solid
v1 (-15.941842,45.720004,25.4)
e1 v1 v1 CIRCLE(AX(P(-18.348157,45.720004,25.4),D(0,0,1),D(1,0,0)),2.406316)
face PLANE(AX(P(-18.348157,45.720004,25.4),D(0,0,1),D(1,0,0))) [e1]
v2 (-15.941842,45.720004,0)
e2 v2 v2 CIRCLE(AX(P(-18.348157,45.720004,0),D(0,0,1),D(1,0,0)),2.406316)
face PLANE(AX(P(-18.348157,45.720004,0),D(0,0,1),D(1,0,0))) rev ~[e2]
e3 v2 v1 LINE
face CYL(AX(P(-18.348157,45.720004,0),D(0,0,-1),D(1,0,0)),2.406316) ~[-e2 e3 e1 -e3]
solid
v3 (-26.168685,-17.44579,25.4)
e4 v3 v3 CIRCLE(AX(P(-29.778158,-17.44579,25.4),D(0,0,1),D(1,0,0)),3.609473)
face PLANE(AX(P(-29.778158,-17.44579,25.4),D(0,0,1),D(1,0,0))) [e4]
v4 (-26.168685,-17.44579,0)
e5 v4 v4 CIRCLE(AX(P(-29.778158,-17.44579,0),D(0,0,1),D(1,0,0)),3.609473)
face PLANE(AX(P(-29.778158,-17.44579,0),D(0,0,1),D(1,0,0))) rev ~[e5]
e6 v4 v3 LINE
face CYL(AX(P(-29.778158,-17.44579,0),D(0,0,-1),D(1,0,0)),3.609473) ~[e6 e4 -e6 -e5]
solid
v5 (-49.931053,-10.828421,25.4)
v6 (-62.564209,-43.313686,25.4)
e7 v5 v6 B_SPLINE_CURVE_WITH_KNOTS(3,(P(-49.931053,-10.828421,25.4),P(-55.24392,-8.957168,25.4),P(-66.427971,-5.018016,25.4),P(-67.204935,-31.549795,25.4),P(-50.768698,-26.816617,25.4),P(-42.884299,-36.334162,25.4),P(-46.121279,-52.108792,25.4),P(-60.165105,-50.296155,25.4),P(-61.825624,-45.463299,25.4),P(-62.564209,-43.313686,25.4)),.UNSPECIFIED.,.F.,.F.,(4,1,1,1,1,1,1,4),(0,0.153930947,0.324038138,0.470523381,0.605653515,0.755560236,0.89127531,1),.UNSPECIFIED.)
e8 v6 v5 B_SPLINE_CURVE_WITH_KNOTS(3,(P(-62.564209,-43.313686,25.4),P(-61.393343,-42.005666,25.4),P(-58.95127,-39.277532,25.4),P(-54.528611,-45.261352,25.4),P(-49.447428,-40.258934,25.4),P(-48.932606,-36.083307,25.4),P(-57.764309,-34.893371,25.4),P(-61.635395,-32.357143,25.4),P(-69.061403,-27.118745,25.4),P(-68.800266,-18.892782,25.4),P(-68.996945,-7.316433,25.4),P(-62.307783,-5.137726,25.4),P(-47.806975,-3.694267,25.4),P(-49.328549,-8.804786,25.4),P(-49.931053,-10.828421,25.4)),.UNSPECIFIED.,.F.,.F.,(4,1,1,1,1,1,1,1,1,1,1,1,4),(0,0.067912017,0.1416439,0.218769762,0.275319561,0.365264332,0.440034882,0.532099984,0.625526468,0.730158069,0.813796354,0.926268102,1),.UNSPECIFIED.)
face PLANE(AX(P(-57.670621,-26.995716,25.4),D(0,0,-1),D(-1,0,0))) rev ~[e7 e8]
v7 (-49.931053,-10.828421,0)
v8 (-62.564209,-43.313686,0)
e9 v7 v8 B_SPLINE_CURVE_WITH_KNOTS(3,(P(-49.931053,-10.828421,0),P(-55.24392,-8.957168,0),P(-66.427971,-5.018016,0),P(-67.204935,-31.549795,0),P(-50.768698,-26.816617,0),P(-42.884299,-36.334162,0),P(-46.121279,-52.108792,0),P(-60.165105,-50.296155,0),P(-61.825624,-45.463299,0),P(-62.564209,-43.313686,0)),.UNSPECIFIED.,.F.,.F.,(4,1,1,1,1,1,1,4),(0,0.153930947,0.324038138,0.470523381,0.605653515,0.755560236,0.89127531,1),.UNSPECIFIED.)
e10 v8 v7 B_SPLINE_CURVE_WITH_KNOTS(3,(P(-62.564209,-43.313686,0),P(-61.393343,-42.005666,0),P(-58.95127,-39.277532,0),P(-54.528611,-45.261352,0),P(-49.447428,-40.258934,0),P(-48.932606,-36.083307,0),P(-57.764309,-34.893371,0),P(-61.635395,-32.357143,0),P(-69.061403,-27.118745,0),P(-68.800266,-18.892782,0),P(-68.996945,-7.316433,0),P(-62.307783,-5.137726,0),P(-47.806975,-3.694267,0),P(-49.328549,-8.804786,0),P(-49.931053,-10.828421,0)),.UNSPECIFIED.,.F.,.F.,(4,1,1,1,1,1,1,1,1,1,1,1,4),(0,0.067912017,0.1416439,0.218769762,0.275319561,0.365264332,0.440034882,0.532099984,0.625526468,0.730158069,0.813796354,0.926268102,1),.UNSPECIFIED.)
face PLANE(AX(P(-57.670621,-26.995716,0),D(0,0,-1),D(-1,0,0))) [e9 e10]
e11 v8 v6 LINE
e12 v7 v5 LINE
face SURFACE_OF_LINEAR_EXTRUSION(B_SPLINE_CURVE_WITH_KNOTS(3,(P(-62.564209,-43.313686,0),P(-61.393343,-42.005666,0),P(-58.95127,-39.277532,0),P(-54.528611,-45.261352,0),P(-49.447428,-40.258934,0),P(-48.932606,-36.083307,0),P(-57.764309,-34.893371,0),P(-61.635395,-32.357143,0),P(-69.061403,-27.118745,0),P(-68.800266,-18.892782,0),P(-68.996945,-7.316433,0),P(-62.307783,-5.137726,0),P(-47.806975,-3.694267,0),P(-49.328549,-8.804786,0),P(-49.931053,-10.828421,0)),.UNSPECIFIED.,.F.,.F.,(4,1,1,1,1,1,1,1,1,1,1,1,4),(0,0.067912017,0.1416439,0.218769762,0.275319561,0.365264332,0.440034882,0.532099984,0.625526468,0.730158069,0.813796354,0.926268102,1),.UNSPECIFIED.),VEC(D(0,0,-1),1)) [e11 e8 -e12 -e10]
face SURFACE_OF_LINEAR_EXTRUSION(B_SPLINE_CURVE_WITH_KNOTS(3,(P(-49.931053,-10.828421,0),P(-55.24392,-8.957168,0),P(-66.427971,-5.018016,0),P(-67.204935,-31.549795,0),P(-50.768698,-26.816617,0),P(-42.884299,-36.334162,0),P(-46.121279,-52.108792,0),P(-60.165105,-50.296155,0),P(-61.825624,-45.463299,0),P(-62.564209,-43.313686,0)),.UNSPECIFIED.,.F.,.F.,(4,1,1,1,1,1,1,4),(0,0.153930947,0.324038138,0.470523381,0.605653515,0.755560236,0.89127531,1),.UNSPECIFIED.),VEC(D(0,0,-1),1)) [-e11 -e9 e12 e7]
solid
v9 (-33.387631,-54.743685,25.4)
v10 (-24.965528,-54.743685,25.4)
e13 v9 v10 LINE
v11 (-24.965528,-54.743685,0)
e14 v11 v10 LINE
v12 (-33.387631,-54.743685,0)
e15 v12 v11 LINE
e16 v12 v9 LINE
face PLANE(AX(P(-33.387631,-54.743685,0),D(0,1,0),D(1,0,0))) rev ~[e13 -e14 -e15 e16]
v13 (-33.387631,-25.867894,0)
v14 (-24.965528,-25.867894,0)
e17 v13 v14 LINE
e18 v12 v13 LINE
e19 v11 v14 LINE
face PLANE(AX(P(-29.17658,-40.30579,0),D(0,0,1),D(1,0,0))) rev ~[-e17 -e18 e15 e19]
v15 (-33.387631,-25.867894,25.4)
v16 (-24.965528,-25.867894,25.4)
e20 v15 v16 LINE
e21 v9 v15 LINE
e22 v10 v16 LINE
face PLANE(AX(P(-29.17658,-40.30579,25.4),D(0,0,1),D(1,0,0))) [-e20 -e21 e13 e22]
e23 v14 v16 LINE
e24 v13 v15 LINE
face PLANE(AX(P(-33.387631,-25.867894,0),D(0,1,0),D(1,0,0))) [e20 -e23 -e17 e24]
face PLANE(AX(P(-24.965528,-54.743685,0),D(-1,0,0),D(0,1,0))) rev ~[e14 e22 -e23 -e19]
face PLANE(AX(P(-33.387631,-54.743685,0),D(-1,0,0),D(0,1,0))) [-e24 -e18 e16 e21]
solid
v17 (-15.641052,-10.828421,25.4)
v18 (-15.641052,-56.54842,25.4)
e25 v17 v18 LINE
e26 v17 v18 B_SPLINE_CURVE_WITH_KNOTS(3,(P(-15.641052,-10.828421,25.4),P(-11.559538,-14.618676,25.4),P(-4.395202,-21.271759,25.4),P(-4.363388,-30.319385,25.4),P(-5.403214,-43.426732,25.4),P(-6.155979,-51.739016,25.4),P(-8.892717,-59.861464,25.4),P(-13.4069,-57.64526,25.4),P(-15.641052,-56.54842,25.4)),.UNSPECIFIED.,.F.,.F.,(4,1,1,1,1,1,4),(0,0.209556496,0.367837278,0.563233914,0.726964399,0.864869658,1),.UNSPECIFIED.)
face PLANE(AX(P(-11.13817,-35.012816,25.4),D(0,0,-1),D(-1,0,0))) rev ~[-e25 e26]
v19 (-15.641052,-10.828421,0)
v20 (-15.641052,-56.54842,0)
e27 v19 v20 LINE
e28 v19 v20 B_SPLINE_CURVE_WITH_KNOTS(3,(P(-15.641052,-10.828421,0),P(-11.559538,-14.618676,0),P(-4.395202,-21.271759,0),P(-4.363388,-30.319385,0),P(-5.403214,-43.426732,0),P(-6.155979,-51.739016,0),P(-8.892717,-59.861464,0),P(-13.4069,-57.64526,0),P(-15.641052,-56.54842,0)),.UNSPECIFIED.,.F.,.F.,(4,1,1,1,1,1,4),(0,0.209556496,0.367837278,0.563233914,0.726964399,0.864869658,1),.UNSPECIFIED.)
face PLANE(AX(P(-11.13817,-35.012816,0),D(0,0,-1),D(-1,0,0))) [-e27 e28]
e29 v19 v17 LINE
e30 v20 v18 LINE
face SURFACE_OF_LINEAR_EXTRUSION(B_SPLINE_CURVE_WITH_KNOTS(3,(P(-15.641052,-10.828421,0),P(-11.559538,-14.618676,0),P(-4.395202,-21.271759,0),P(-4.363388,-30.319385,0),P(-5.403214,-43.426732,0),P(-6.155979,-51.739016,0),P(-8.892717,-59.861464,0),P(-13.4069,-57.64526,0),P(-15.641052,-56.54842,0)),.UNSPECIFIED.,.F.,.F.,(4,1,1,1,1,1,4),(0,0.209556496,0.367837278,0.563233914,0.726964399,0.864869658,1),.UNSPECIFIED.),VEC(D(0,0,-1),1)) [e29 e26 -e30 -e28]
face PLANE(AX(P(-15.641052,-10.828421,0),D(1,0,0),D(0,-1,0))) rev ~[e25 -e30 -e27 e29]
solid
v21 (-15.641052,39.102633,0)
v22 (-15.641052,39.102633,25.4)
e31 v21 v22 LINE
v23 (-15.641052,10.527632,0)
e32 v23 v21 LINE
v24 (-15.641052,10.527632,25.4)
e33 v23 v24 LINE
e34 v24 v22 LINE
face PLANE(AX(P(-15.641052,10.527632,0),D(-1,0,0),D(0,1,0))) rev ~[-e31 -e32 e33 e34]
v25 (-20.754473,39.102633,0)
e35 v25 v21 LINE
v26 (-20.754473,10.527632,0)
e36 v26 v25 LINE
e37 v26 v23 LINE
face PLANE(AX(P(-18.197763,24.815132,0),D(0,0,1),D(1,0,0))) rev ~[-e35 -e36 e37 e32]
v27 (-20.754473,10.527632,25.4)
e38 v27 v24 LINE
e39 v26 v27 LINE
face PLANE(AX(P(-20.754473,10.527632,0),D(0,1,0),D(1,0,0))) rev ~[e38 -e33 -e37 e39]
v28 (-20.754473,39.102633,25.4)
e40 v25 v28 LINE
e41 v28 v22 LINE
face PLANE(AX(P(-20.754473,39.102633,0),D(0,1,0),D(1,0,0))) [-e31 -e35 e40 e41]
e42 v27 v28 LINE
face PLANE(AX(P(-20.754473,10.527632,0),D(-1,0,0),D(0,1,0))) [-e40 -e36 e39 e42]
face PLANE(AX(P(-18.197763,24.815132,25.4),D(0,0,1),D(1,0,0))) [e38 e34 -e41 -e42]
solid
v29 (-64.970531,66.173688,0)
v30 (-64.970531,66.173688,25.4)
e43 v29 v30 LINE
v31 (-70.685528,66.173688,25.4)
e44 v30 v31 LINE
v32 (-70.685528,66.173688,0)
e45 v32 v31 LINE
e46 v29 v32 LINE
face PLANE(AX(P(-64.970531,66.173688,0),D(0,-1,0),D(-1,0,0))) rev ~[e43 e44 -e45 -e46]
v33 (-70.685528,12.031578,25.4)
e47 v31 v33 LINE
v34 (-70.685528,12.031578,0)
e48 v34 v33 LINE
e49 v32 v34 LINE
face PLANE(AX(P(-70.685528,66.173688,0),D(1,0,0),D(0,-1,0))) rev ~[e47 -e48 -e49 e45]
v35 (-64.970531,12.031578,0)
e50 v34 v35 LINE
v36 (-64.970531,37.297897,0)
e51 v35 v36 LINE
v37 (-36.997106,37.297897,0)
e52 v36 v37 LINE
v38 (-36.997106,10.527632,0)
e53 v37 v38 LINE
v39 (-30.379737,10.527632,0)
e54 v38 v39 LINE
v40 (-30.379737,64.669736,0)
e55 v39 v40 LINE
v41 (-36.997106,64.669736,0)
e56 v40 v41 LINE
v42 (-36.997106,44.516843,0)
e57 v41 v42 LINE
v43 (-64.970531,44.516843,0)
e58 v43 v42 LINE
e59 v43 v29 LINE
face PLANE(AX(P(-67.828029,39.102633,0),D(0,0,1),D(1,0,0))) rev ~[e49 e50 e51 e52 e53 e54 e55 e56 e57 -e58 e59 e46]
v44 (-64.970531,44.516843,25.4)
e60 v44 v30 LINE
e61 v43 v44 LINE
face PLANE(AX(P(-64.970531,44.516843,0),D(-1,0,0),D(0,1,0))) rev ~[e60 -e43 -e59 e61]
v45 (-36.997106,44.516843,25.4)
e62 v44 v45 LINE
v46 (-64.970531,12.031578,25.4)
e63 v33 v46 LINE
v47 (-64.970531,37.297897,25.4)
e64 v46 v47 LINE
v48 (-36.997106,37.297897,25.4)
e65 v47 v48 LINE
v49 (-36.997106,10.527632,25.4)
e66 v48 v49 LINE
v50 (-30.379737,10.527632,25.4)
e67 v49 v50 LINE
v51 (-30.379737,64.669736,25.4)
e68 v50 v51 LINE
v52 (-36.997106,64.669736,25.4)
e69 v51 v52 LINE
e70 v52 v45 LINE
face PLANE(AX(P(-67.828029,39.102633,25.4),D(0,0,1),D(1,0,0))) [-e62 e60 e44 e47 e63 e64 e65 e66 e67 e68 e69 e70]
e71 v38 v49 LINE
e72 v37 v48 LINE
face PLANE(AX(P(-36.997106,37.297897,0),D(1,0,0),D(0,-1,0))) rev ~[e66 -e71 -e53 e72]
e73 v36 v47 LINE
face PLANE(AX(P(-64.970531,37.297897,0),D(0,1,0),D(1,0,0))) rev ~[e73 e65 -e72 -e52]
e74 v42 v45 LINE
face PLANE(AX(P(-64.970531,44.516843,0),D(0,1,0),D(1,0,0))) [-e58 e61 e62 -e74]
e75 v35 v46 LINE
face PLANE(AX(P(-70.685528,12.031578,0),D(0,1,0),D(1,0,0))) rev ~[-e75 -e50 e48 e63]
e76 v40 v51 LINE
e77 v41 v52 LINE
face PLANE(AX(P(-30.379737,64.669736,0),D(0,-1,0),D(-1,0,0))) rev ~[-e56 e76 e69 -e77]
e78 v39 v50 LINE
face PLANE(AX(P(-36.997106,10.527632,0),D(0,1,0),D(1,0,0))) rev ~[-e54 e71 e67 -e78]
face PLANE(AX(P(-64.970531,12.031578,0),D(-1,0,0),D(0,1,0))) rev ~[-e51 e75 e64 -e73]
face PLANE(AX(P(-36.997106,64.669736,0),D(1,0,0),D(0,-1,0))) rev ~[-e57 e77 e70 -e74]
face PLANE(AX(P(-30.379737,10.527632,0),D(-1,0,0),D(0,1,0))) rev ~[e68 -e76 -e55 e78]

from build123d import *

# Parameters (mm, degrees)
F0_W     = 27.9734246433
F0_H     = 7.2189457715
F1_DEPTH = 25.4
F2_W     = 5.113421008
F2_H     = 28.5750003532
F3_DEPTH = 25.4
F2_R     = 2.406315878
F2_W_2   = 8.4221027792
F2_H_2   = 28.8757905364
F2_R_2   = 3.6094728857


with BuildPart() as f1:
    # F0 (on Top) → F1 (new body)
    with BuildSketch(Plane.XY):
        Polygon((-64.9705305696, 66.1736875772), (-70.6855282187, 66.1736875772), (-70.6855282187, 12.0315784588), (-64.9705305696, 12.0315784588), (-64.9705305696, 37.2978970408), (-64.9705305696, 44.5168428123), align=None)
        with Locations((-50.9838182479, 40.9073699266)):
            Rectangle(F0_W, F0_H)
        Polygon((-36.9971059263, 64.6697357297), (-36.9971059263, 44.5168428123), (-36.9971059263, 37.2978970408), (-36.9971059263, 10.5276321992), (-30.379736796, 10.5276321992), (-30.379736796, 64.6697357297), align=None)
    extrude(amount=F1_DEPTH)


with BuildPart() as f3:
    # F2 (on Top) → F3 (new body)
    with BuildSketch(Plane.XY):
        with Locations((-18.1977627799, 24.8151323758)):
            Rectangle(F2_W, F2_H)
    extrude(amount=F3_DEPTH)


with BuildPart() as f3b:
    # F2 (on Top) → F3, piece 2 (new body)
    with BuildSketch(Plane.XY):
        with Locations((-18.3481574059, 45.7200035453)):
            Circle(F2_R)
    extrude(amount=F3_DEPTH)


with BuildPart() as f3c:
    # F2 (on Top) → F3, piece 3 (new body)
    with BuildSketch(Plane.XY):
        with BuildLine():
            add(Edge.make_bspline(
                [(-49.9310530722, -10.8284214512), (-55.2439201499, -8.9571682182), (-66.4279710862, -5.0180161247), (-67.2049345546, -31.5497947234), (-50.7686982369, -26.8166171956), (-42.8842988312, -36.3341619068), (-46.1212790245, -52.1087916759), (-60.165105182, -50.2961550036), (-61.8256244969, -45.4632985081), (-62.5642091036, -43.3136858046)],
                knots=[0, 0, 0, 0, 0.1539309472, 0.3240381377, 0.4705233809, 0.6056535146, 0.7555602361, 0.8912753105, 1, 1, 1, 1], degree=3))
            add(Edge.make_bspline(
                [(-62.5642091036, -43.3136858046), (-61.3933428315, -42.0056657763), (-58.9512703879, -39.2775321346), (-54.528611117, -45.2613521139), (-49.447427763, -40.2589336981), (-48.9326062397, -36.0833071072), (-57.7643091975, -34.8933711332), (-61.6353950058, -32.3571433154), (-69.0614033915, -27.1187454297), (-68.8002663112, -18.8927819027), (-68.9969447109, -7.3164334513), (-62.3077833164, -5.1377264264), (-47.8069751626, -3.6942665027), (-49.3285487236, -8.8047859901), (-49.9310530722, -10.8284214512)],
                knots=[0, 0, 0, 0, 0.0679120167, 0.1416438995, 0.2187697623, 0.2753195609, 0.3652643321, 0.4400348823, 0.5320999836, 0.6255264682, 0.7301580695, 0.8137963543, 0.9262681022, 1, 1, 1, 1], degree=3))
        make_face()
    extrude(amount=F3_DEPTH)


with BuildPart() as f3d:
    # F2 (on Top) → F3, piece 4 (new body)
    with BuildSketch(Plane.XY):
        with Locations((-29.1765797883, -40.3057895601)):
            Rectangle(F2_W_2, F2_H_2)
    extrude(amount=F3_DEPTH)


with BuildPart() as f3e:
    # F2 (on Top) → F3, piece 5 (new body)
    with BuildSketch(Plane.XY):
        with Locations((-29.7781582922, -17.4457896501)):
            Circle(F2_R_2)
    extrude(amount=F3_DEPTH)


with BuildPart() as f3f:
    # F2 (on Top) → F3, piece 6 (new body)
    with BuildSketch(Plane.XY):
        with BuildLine():
            add(Edge.make_bspline(
                [(-15.6410522759, -10.8284214512), (-11.5595377829, -14.6186756728), (-4.3952016214, -21.271758843), (-4.3633884822, -30.3193853772), (-5.4032135252, -43.4267319407), (-6.1559785538, -51.7390157438), (-8.8927165892, -59.8614638765), (-13.4068999107, -57.6452602715), (-15.6410522759, -56.5484203398)],
                knots=[0, 0, 0, 0, 0.209556496, 0.3678372782, 0.5632339144, 0.7269643989, 0.8648696585, 1, 1, 1, 1], degree=3))
            Line((-15.6410522759, -10.8284214512), (-15.6410522759, -56.5484203398))
        make_face()
    extrude(amount=F3_DEPTH)


solid = Compound([f1.part, f3.part, f3b.part, f3c.part, f3d.part, f3e.part, f3f.part])
